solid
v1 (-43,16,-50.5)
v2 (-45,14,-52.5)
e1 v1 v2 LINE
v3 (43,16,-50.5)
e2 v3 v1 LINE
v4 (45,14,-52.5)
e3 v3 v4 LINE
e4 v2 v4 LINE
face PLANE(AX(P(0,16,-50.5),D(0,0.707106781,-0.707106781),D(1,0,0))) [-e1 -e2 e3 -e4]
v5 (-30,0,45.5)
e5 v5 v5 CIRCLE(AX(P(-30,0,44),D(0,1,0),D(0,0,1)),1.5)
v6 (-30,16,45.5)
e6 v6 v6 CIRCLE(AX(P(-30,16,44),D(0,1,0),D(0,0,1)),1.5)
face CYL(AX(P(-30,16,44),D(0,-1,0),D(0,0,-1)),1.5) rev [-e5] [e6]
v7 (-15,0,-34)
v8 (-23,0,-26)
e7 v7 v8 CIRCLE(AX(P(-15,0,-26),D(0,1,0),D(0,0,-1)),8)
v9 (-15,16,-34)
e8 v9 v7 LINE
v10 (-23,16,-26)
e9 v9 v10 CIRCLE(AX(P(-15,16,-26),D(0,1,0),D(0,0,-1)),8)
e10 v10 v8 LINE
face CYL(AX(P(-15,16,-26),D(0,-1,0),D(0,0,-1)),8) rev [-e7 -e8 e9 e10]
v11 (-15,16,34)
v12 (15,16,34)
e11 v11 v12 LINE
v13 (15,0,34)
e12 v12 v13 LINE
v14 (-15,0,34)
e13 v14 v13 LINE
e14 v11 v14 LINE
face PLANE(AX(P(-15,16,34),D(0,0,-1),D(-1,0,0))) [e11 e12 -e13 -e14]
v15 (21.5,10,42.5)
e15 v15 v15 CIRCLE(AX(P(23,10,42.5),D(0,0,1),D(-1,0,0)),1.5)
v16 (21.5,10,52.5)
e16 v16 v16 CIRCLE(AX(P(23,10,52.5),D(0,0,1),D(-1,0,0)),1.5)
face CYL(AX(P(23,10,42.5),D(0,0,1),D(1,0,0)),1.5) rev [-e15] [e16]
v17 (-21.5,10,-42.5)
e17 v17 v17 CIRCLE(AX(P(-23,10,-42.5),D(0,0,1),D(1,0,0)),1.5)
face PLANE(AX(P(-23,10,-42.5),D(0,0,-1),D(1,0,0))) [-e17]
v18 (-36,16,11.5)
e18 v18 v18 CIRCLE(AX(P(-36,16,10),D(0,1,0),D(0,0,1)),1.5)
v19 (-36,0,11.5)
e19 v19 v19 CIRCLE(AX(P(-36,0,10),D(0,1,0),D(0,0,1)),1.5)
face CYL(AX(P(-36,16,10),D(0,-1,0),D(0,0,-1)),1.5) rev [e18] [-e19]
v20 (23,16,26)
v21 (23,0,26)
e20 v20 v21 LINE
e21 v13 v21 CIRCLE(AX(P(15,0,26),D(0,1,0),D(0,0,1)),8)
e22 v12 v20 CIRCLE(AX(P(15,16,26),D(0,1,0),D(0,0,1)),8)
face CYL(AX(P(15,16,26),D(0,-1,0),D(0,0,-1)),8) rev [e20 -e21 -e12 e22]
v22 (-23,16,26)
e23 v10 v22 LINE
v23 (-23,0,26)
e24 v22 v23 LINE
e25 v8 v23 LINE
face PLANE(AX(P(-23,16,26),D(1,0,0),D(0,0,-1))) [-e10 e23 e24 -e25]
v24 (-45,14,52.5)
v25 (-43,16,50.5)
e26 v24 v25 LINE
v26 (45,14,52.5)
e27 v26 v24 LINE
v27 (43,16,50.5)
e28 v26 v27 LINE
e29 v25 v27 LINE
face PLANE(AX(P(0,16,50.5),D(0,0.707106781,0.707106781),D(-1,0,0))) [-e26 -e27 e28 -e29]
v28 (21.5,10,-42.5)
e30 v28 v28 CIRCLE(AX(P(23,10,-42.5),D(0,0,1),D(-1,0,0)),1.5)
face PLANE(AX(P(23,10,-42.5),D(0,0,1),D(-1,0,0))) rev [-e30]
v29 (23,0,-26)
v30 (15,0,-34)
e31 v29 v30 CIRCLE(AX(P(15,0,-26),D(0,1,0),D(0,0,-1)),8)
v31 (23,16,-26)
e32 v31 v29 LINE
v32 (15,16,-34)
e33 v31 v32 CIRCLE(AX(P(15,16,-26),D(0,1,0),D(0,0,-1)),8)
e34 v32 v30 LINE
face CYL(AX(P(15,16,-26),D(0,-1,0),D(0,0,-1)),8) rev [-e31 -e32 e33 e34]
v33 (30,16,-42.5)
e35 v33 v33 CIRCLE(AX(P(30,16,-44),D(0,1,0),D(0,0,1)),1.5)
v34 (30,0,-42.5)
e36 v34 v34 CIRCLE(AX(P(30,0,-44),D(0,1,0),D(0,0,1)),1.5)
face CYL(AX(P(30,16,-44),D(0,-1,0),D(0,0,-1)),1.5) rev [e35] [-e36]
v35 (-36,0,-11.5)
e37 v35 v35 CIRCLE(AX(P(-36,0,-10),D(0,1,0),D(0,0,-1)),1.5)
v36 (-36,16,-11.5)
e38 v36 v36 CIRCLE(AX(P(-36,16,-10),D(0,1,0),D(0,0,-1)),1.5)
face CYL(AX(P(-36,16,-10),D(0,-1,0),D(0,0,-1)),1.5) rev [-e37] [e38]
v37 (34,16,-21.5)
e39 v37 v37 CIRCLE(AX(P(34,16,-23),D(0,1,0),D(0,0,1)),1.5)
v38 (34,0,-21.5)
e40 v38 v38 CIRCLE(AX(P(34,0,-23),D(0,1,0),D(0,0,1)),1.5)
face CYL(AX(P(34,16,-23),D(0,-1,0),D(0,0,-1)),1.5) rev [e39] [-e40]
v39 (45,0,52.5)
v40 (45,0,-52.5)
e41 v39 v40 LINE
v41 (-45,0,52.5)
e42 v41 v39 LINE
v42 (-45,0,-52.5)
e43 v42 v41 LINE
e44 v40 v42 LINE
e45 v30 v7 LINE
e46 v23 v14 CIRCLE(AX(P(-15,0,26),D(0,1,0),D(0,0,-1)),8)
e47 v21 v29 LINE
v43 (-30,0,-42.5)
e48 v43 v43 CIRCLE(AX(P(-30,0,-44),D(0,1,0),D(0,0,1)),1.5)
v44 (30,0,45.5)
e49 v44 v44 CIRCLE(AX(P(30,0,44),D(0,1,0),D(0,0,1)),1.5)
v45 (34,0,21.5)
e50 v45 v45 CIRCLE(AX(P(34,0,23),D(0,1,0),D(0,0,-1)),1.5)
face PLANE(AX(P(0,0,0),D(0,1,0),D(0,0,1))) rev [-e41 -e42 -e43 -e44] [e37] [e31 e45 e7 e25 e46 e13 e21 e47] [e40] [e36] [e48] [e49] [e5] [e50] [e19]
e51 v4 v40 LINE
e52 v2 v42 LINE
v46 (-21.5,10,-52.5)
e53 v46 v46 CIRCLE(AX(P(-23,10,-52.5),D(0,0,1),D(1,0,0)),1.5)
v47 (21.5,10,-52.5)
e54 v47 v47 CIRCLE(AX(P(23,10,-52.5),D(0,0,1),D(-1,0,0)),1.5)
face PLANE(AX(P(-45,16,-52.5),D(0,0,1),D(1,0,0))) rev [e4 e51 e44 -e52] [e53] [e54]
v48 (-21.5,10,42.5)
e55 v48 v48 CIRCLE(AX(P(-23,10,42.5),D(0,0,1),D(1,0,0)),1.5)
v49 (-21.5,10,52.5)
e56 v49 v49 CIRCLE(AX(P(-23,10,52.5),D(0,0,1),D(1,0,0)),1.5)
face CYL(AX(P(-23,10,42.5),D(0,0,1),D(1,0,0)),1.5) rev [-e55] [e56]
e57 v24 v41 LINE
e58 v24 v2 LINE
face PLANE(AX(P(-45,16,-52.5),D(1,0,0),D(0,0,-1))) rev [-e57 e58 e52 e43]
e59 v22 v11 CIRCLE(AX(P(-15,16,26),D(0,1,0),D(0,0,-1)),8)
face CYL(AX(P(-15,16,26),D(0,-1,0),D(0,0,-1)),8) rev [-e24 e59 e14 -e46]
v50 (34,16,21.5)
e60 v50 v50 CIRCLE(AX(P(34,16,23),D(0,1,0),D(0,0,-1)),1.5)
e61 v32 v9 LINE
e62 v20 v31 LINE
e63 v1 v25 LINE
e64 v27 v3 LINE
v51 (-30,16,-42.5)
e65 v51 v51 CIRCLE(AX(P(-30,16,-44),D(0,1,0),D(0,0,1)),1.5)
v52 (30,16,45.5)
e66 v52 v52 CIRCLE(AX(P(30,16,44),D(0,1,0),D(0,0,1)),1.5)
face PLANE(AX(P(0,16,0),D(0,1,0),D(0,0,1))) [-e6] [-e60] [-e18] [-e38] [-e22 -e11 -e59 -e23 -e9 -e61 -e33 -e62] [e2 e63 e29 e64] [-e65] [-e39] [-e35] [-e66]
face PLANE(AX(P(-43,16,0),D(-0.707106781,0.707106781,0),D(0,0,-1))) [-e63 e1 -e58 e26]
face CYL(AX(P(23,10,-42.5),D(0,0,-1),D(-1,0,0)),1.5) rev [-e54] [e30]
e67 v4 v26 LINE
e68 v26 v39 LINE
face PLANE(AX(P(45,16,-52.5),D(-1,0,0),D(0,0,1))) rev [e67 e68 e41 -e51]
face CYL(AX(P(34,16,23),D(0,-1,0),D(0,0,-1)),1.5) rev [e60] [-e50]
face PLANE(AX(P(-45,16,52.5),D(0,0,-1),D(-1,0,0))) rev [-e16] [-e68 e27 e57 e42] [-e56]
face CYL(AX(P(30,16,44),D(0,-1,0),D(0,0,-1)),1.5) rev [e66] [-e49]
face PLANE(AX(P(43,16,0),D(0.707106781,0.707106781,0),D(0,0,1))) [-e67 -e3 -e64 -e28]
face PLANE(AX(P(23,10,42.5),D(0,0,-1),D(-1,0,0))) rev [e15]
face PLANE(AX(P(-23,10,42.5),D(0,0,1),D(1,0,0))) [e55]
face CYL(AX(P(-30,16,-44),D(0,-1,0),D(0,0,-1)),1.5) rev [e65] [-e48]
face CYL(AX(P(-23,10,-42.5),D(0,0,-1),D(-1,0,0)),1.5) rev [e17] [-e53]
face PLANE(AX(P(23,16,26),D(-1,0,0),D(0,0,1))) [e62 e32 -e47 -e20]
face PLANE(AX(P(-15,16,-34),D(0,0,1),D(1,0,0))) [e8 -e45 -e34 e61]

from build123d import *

# Parameters (mm, degrees)
SKETCH1_W           = 90
SKETCH1_H           = 105
SKETCH1_R           = 1.5
BOSS_EXTRUDE1_DEPTH = 16
CHAMFER1_SIZE       = 2
SKETCH2_R           = 1.5
CUT_EXTRUDE1_DEPTH  = 10


with BuildPart() as part:
    # Sketch1 → Boss-Extrude1 (new body)
    with BuildSketch(Plane(origin=(0, 0, 0), x_dir=(1, 0, 0), z_dir=(0, 1, 0))):
        Rectangle(SKETCH1_W, SKETCH1_H)
        with Locations((-30, 44)):
            Circle(SKETCH1_R, mode=Mode.SUBTRACT)
        with Locations((30, 44)):
            Circle(SKETCH1_R, mode=Mode.SUBTRACT)
        with Locations((30, -44)):
            Circle(SKETCH1_R, mode=Mode.SUBTRACT)
        with Locations((-30, -44)):
            Circle(SKETCH1_R, mode=Mode.SUBTRACT)
        with Locations((-36, -10)):
            Circle(SKETCH1_R, mode=Mode.SUBTRACT)
        with Locations((-36, 10)):
            Circle(SKETCH1_R, mode=Mode.SUBTRACT)
        with Locations((34, 23)):
            Circle(SKETCH1_R, mode=Mode.SUBTRACT)
        with Locations((34, -23)):
            Circle(SKETCH1_R, mode=Mode.SUBTRACT)
        with BuildLine():
            Line((-15, -34), (15, -34))
            ThreePointArc((15, -34), (20.656854249, -31.656854249), (23, -26))
            Line((23, -26), (23, 26))
            ThreePointArc((23, 26), (20.656854249, 31.656854249), (15, 34))
            Line((15, 34), (-15, 34))
            ThreePointArc((-15, 34), (-20.656854249, 31.656854249), (-23, 26))
            Line((-23, 26), (-23, -26))
            ThreePointArc((-23, -26), (-20.656854249, -31.656854249), (-15, -34))
        make_face(mode=Mode.SUBTRACT)
    extrude(amount=BOSS_EXTRUDE1_DEPTH)

    # Chamfer1
    chamfer1_edges = [part.edges().sort_by_distance(p)[0] for p in [
        (-45, 16, 0),
        (0, 16, 52.5),
        (45, 16, 0),
        (0, 16, -52.5),
    ]]
    chamfer(chamfer1_edges, length=CHAMFER1_SIZE)

    # Sketch2 → Cut-Extrude1 (cut)
    with BuildSketch(Plane.XY.offset(52.5)):
        with Locations((-23, 10)):
            Circle(SKETCH2_R)
        with Locations((23, 10)):
            Circle(SKETCH2_R)
    cut_extrude1 = extrude(amount=-CUT_EXTRUDE1_DEPTH, mode=Mode.SUBTRACT)

    # Mirror1: Cut-Extrude1 across plane
    add(cut_extrude1.mirror(Plane.XY), mode=Mode.SUBTRACT)


solid = part.part
